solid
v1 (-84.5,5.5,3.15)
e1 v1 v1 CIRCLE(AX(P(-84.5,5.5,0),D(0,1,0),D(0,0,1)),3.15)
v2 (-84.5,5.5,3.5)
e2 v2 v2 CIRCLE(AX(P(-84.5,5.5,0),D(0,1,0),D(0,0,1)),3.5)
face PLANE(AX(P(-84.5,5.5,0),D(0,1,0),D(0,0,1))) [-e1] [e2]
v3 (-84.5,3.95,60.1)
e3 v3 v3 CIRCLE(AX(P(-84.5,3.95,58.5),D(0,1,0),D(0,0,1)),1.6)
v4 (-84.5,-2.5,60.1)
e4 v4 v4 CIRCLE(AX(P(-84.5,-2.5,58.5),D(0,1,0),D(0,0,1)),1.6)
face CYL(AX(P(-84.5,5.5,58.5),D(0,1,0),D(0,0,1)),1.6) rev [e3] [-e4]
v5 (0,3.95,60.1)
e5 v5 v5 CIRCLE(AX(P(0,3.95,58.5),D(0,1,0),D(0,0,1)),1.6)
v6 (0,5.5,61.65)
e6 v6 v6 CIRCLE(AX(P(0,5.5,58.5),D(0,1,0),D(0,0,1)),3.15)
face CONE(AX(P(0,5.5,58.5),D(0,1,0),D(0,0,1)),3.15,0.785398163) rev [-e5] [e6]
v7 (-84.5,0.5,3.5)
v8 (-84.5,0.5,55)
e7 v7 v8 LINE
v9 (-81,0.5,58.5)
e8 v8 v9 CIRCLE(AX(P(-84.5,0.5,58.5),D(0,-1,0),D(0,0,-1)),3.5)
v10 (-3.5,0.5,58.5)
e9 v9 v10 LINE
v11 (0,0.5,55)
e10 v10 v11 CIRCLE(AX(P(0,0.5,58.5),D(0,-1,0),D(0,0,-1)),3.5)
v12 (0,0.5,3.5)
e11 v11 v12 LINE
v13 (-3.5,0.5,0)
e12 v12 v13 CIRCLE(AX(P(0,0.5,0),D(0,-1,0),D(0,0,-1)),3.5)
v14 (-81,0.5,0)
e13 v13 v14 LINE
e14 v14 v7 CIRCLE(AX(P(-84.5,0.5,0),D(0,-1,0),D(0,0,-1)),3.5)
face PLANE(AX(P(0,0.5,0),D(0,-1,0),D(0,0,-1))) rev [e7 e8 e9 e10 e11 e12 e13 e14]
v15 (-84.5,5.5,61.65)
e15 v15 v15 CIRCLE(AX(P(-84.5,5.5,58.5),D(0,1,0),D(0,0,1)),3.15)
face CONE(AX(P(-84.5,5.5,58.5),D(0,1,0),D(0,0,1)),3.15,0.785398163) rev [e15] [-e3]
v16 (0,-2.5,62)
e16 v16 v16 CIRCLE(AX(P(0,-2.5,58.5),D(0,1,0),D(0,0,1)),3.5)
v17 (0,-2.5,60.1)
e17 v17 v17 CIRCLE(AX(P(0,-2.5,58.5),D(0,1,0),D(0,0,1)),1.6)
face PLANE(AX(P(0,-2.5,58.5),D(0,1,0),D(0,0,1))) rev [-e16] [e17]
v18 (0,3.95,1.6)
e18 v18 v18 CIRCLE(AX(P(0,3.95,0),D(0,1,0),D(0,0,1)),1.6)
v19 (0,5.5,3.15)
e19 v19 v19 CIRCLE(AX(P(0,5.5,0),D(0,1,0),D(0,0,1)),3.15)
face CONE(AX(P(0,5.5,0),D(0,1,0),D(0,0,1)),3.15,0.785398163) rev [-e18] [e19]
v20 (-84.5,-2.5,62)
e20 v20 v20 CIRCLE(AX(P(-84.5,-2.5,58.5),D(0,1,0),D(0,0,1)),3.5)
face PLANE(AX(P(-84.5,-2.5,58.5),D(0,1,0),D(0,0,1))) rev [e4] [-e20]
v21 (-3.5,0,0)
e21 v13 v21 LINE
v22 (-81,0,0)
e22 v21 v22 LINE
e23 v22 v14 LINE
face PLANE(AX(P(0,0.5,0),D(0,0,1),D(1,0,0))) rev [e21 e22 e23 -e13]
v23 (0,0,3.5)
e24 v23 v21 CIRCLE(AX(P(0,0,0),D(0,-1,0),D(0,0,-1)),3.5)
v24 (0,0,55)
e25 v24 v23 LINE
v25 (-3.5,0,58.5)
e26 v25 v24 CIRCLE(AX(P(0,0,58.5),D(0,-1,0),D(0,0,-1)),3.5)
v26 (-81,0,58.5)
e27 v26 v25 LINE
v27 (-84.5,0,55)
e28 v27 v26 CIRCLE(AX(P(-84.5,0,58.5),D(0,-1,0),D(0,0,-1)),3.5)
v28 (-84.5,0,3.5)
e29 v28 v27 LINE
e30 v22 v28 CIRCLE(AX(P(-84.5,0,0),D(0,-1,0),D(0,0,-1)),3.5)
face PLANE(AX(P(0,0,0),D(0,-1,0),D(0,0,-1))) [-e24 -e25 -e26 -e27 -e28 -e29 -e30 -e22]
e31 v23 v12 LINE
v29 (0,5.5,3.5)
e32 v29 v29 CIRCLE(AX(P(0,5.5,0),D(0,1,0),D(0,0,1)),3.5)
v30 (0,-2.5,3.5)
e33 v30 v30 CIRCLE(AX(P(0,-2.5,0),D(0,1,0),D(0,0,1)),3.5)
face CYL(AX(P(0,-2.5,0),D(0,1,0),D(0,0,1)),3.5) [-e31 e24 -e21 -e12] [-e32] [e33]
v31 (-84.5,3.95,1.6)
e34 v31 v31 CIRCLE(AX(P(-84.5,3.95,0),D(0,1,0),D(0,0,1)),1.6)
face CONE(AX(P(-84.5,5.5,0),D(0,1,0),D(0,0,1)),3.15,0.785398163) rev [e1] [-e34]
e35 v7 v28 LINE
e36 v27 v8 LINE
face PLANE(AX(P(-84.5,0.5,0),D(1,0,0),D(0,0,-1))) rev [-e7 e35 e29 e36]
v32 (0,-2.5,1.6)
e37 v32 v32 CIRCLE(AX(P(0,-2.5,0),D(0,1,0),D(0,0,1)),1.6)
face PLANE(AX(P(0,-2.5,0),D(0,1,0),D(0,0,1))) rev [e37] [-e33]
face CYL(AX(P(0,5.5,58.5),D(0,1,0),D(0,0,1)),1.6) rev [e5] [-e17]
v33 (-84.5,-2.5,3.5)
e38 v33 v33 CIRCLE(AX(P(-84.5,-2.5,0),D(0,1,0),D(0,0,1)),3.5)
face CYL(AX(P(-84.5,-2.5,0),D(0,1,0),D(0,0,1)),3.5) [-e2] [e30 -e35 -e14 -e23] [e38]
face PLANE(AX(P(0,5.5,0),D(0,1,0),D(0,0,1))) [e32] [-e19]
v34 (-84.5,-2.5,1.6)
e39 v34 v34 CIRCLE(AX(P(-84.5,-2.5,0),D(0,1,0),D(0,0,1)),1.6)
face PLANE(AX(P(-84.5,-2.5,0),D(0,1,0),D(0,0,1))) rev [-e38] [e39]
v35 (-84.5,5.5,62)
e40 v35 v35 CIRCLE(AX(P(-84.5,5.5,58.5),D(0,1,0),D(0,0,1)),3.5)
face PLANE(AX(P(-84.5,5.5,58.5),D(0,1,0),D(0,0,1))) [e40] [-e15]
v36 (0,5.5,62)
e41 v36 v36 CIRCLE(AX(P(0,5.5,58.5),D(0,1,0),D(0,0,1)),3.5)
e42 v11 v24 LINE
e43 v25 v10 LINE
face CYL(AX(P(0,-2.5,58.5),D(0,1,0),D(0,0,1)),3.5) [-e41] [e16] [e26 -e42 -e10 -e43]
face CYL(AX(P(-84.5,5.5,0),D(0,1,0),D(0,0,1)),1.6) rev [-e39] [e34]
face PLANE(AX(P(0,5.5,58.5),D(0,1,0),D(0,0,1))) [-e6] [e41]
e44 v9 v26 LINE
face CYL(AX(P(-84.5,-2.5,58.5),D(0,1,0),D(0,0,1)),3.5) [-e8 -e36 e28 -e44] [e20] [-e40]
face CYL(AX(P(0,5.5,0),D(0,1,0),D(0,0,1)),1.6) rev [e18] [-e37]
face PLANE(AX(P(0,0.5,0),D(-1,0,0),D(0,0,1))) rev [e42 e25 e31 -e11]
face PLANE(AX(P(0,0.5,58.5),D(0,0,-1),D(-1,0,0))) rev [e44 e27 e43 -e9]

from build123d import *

# Parameters (mm, degrees)
SKETCH2_W                                       = 84.5
SKETCH2_H                                       = 58.5
BOSS_EXTRUDE1_DEPTH                             = 0.5
BOSS_EXTRUDE2_DEPTH                             = 5
BOSS_EXTRUDE2_DEPTH_BACK                        = 3
SKETCH3_R                                       = 3.5
BOSS_EXTRUDE3_DEPTH                             = 5
BOSS_EXTRUDE3_DEPTH_BACK                        = 3
SKETCH5_R                                       = 3.5
BOSS_EXTRUDE4_DEPTH                             = 5
BOSS_EXTRUDE4_DEPTH_BACK                        = 3
SKETCH6_R                                       = 3.5
BOSS_EXTRUDE5_DEPTH                             = 5
BOSS_EXTRUDE5_DEPTH_BACK                        = 3
SKETCH7_R                                       = 3.5
CSK_FOR_M3_FLAT_HEAD_MACHINE_SCREW1_D           = 3.2
CSK_FOR_M3_FLAT_HEAD_MACHINE_SCREW1_DEPTH       = 13.03862301
CSK_FOR_M3_FLAT_HEAD_MACHINE_SCREW1_CSINK_D     = 6.3
CSK_FOR_M3_FLAT_HEAD_MACHINE_SCREW1_CSINK_ANGLE = 90
CSK_FOR_M3_FLAT_HEAD_MACHINE_SCREW1_TIP         = 0.96137699
CSK_FOR_M3_FLAT_HEAD_MACHINE_SCREW2_D           = 3.2
CSK_FOR_M3_FLAT_HEAD_MACHINE_SCREW2_DEPTH       = 13.03862301
CSK_FOR_M3_FLAT_HEAD_MACHINE_SCREW2_CSINK_D     = 6.3
CSK_FOR_M3_FLAT_HEAD_MACHINE_SCREW2_CSINK_ANGLE = 90
CSK_FOR_M3_FLAT_HEAD_MACHINE_SCREW2_TIP         = 0.96137699
CSK_FOR_M3_FLAT_HEAD_MACHINE_SCREW3_D           = 3.2
CSK_FOR_M3_FLAT_HEAD_MACHINE_SCREW3_DEPTH       = 13.03862301
CSK_FOR_M3_FLAT_HEAD_MACHINE_SCREW3_CSINK_D     = 6.3
CSK_FOR_M3_FLAT_HEAD_MACHINE_SCREW3_CSINK_ANGLE = 90
CSK_FOR_M3_FLAT_HEAD_MACHINE_SCREW3_TIP         = 0.96137699
CSK_FOR_M3_FLAT_HEAD_MACHINE_SCREW4_D           = 3.2
CSK_FOR_M3_FLAT_HEAD_MACHINE_SCREW4_DEPTH       = 13.03862301
CSK_FOR_M3_FLAT_HEAD_MACHINE_SCREW4_CSINK_D     = 6.3
CSK_FOR_M3_FLAT_HEAD_MACHINE_SCREW4_CSINK_ANGLE = 90
CSK_FOR_M3_FLAT_HEAD_MACHINE_SCREW4_TIP         = 0.96137699


with BuildPart() as part:
    # Sketch2 → Boss-Extrude1 (new body)
    with BuildSketch(Plane(origin=(0, 0, 0), x_dir=(1, 0, 0), z_dir=(0, 1, 0))):
        with Locations((-42.25, -29.25)):
            Rectangle(SKETCH2_W, SKETCH2_H)
    extrude(amount=BOSS_EXTRUDE1_DEPTH)

    # Sketch3 → Boss-Extrude2 (add, two sides: drawn at the far end of the back side and taken through both)
    with BuildSketch(Plane(origin=(0, 0.5, 0), x_dir=(1, 0, 0), z_dir=(0, 1, 0)).offset(-BOSS_EXTRUDE2_DEPTH_BACK)):
        with Locations(Location((-84.5, 0, 0), (0, 0, 270))):
            Circle(SKETCH3_R)
    extrude(amount=BOSS_EXTRUDE2_DEPTH + BOSS_EXTRUDE2_DEPTH_BACK)

    # Sketch5 → Boss-Extrude3 (add, two sides: drawn at the far end of the back side and taken through both)
    with BuildSketch(Plane(origin=(0, 0.5, 0), x_dir=(1, 0, 0), z_dir=(0, 1, 0)).offset(-BOSS_EXTRUDE3_DEPTH_BACK)):
        with Locations(Location((-84.5, -58.5, 0), (0, 0, 270))):
            Circle(SKETCH5_R)
    extrude(amount=BOSS_EXTRUDE3_DEPTH + BOSS_EXTRUDE3_DEPTH_BACK)

    # Sketch6 → Boss-Extrude4 (add, two sides: drawn at the far end of the back side and taken through both)
    with BuildSketch(Plane(origin=(0, 0.5, 0), x_dir=(1, 0, 0), z_dir=(0, 1, 0)).offset(-BOSS_EXTRUDE4_DEPTH_BACK)):
        with Locations(Location((0, -58.5, 0), (0, 0, 270))):
            Circle(SKETCH6_R)
    extrude(amount=BOSS_EXTRUDE4_DEPTH + BOSS_EXTRUDE4_DEPTH_BACK)

    # Sketch7 → Boss-Extrude5 (add, two sides: drawn at the far end of the back side and taken through both)
    with BuildSketch(Plane(origin=(0, 0.5, 0), x_dir=(1, 0, 0), z_dir=(0, 1, 0)).offset(-BOSS_EXTRUDE5_DEPTH_BACK)):
        with Locations(Location((0, 0, 0), (0, 0, 270))):
            Circle(SKETCH7_R)
    extrude(amount=BOSS_EXTRUDE5_DEPTH + BOSS_EXTRUDE5_DEPTH_BACK)

    # CSK for M3 Flat Head Machine Screw1
    with Locations(Plane(origin=(0, 5.5, 0), x_dir=(1, 0, 0), z_dir=(0, 1, 0))):
        with Locations((-84.5, 0)):
            CounterSinkHole(CSK_FOR_M3_FLAT_HEAD_MACHINE_SCREW1_D / 2, CSK_FOR_M3_FLAT_HEAD_MACHINE_SCREW1_CSINK_D / 2, depth=CSK_FOR_M3_FLAT_HEAD_MACHINE_SCREW1_DEPTH, counter_sink_angle=CSK_FOR_M3_FLAT_HEAD_MACHINE_SCREW1_CSINK_ANGLE)
            with Locations((0, 0, -(CSK_FOR_M3_FLAT_HEAD_MACHINE_SCREW1_DEPTH + CSK_FOR_M3_FLAT_HEAD_MACHINE_SCREW1_TIP / 2))):  # 118° drill point
                Cone(0, CSK_FOR_M3_FLAT_HEAD_MACHINE_SCREW1_D / 2, CSK_FOR_M3_FLAT_HEAD_MACHINE_SCREW1_TIP, mode=Mode.SUBTRACT)

    # CSK for M3 Flat Head Machine Screw2
    with Locations(Plane(origin=(0, 5.5, 0), x_dir=(1, 0, 0), z_dir=(0, 1, 0))):
        with Locations((-84.5, -58.5)):
            CounterSinkHole(CSK_FOR_M3_FLAT_HEAD_MACHINE_SCREW2_D / 2, CSK_FOR_M3_FLAT_HEAD_MACHINE_SCREW2_CSINK_D / 2, depth=CSK_FOR_M3_FLAT_HEAD_MACHINE_SCREW2_DEPTH, counter_sink_angle=CSK_FOR_M3_FLAT_HEAD_MACHINE_SCREW2_CSINK_ANGLE)
            with Locations((0, 0, -(CSK_FOR_M3_FLAT_HEAD_MACHINE_SCREW2_DEPTH + CSK_FOR_M3_FLAT_HEAD_MACHINE_SCREW2_TIP / 2))):  # 118° drill point
                Cone(0, CSK_FOR_M3_FLAT_HEAD_MACHINE_SCREW2_D / 2, CSK_FOR_M3_FLAT_HEAD_MACHINE_SCREW2_TIP, mode=Mode.SUBTRACT)

    # CSK for M3 Flat Head Machine Screw3
    with Locations(Plane(origin=(0, 5.5, 0), x_dir=(1, 0, 0), z_dir=(0, 1, 0))):
        with Locations((0, 0)):
            CounterSinkHole(CSK_FOR_M3_FLAT_HEAD_MACHINE_SCREW3_D / 2, CSK_FOR_M3_FLAT_HEAD_MACHINE_SCREW3_CSINK_D / 2, depth=CSK_FOR_M3_FLAT_HEAD_MACHINE_SCREW3_DEPTH, counter_sink_angle=CSK_FOR_M3_FLAT_HEAD_MACHINE_SCREW3_CSINK_ANGLE)
            with Locations((0, 0, -(CSK_FOR_M3_FLAT_HEAD_MACHINE_SCREW3_DEPTH + CSK_FOR_M3_FLAT_HEAD_MACHINE_SCREW3_TIP / 2))):  # 118° drill point
                Cone(0, CSK_FOR_M3_FLAT_HEAD_MACHINE_SCREW3_D / 2, CSK_FOR_M3_FLAT_HEAD_MACHINE_SCREW3_TIP, mode=Mode.SUBTRACT)

    # CSK for M3 Flat Head Machine Screw4
    with Locations(Plane(origin=(0, 5.5, 0), x_dir=(1, 0, 0), z_dir=(0, 1, 0))):
        with Locations((0, -58.5)):
            CounterSinkHole(CSK_FOR_M3_FLAT_HEAD_MACHINE_SCREW4_D / 2, CSK_FOR_M3_FLAT_HEAD_MACHINE_SCREW4_CSINK_D / 2, depth=CSK_FOR_M3_FLAT_HEAD_MACHINE_SCREW4_DEPTH, counter_sink_angle=CSK_FOR_M3_FLAT_HEAD_MACHINE_SCREW4_CSINK_ANGLE)
            with Locations((0, 0, -(CSK_FOR_M3_FLAT_HEAD_MACHINE_SCREW4_DEPTH + CSK_FOR_M3_FLAT_HEAD_MACHINE_SCREW4_TIP / 2))):  # 118° drill point
                Cone(0, CSK_FOR_M3_FLAT_HEAD_MACHINE_SCREW4_D / 2, CSK_FOR_M3_FLAT_HEAD_MACHINE_SCREW4_TIP, mode=Mode.SUBTRACT)


solid = part.part
